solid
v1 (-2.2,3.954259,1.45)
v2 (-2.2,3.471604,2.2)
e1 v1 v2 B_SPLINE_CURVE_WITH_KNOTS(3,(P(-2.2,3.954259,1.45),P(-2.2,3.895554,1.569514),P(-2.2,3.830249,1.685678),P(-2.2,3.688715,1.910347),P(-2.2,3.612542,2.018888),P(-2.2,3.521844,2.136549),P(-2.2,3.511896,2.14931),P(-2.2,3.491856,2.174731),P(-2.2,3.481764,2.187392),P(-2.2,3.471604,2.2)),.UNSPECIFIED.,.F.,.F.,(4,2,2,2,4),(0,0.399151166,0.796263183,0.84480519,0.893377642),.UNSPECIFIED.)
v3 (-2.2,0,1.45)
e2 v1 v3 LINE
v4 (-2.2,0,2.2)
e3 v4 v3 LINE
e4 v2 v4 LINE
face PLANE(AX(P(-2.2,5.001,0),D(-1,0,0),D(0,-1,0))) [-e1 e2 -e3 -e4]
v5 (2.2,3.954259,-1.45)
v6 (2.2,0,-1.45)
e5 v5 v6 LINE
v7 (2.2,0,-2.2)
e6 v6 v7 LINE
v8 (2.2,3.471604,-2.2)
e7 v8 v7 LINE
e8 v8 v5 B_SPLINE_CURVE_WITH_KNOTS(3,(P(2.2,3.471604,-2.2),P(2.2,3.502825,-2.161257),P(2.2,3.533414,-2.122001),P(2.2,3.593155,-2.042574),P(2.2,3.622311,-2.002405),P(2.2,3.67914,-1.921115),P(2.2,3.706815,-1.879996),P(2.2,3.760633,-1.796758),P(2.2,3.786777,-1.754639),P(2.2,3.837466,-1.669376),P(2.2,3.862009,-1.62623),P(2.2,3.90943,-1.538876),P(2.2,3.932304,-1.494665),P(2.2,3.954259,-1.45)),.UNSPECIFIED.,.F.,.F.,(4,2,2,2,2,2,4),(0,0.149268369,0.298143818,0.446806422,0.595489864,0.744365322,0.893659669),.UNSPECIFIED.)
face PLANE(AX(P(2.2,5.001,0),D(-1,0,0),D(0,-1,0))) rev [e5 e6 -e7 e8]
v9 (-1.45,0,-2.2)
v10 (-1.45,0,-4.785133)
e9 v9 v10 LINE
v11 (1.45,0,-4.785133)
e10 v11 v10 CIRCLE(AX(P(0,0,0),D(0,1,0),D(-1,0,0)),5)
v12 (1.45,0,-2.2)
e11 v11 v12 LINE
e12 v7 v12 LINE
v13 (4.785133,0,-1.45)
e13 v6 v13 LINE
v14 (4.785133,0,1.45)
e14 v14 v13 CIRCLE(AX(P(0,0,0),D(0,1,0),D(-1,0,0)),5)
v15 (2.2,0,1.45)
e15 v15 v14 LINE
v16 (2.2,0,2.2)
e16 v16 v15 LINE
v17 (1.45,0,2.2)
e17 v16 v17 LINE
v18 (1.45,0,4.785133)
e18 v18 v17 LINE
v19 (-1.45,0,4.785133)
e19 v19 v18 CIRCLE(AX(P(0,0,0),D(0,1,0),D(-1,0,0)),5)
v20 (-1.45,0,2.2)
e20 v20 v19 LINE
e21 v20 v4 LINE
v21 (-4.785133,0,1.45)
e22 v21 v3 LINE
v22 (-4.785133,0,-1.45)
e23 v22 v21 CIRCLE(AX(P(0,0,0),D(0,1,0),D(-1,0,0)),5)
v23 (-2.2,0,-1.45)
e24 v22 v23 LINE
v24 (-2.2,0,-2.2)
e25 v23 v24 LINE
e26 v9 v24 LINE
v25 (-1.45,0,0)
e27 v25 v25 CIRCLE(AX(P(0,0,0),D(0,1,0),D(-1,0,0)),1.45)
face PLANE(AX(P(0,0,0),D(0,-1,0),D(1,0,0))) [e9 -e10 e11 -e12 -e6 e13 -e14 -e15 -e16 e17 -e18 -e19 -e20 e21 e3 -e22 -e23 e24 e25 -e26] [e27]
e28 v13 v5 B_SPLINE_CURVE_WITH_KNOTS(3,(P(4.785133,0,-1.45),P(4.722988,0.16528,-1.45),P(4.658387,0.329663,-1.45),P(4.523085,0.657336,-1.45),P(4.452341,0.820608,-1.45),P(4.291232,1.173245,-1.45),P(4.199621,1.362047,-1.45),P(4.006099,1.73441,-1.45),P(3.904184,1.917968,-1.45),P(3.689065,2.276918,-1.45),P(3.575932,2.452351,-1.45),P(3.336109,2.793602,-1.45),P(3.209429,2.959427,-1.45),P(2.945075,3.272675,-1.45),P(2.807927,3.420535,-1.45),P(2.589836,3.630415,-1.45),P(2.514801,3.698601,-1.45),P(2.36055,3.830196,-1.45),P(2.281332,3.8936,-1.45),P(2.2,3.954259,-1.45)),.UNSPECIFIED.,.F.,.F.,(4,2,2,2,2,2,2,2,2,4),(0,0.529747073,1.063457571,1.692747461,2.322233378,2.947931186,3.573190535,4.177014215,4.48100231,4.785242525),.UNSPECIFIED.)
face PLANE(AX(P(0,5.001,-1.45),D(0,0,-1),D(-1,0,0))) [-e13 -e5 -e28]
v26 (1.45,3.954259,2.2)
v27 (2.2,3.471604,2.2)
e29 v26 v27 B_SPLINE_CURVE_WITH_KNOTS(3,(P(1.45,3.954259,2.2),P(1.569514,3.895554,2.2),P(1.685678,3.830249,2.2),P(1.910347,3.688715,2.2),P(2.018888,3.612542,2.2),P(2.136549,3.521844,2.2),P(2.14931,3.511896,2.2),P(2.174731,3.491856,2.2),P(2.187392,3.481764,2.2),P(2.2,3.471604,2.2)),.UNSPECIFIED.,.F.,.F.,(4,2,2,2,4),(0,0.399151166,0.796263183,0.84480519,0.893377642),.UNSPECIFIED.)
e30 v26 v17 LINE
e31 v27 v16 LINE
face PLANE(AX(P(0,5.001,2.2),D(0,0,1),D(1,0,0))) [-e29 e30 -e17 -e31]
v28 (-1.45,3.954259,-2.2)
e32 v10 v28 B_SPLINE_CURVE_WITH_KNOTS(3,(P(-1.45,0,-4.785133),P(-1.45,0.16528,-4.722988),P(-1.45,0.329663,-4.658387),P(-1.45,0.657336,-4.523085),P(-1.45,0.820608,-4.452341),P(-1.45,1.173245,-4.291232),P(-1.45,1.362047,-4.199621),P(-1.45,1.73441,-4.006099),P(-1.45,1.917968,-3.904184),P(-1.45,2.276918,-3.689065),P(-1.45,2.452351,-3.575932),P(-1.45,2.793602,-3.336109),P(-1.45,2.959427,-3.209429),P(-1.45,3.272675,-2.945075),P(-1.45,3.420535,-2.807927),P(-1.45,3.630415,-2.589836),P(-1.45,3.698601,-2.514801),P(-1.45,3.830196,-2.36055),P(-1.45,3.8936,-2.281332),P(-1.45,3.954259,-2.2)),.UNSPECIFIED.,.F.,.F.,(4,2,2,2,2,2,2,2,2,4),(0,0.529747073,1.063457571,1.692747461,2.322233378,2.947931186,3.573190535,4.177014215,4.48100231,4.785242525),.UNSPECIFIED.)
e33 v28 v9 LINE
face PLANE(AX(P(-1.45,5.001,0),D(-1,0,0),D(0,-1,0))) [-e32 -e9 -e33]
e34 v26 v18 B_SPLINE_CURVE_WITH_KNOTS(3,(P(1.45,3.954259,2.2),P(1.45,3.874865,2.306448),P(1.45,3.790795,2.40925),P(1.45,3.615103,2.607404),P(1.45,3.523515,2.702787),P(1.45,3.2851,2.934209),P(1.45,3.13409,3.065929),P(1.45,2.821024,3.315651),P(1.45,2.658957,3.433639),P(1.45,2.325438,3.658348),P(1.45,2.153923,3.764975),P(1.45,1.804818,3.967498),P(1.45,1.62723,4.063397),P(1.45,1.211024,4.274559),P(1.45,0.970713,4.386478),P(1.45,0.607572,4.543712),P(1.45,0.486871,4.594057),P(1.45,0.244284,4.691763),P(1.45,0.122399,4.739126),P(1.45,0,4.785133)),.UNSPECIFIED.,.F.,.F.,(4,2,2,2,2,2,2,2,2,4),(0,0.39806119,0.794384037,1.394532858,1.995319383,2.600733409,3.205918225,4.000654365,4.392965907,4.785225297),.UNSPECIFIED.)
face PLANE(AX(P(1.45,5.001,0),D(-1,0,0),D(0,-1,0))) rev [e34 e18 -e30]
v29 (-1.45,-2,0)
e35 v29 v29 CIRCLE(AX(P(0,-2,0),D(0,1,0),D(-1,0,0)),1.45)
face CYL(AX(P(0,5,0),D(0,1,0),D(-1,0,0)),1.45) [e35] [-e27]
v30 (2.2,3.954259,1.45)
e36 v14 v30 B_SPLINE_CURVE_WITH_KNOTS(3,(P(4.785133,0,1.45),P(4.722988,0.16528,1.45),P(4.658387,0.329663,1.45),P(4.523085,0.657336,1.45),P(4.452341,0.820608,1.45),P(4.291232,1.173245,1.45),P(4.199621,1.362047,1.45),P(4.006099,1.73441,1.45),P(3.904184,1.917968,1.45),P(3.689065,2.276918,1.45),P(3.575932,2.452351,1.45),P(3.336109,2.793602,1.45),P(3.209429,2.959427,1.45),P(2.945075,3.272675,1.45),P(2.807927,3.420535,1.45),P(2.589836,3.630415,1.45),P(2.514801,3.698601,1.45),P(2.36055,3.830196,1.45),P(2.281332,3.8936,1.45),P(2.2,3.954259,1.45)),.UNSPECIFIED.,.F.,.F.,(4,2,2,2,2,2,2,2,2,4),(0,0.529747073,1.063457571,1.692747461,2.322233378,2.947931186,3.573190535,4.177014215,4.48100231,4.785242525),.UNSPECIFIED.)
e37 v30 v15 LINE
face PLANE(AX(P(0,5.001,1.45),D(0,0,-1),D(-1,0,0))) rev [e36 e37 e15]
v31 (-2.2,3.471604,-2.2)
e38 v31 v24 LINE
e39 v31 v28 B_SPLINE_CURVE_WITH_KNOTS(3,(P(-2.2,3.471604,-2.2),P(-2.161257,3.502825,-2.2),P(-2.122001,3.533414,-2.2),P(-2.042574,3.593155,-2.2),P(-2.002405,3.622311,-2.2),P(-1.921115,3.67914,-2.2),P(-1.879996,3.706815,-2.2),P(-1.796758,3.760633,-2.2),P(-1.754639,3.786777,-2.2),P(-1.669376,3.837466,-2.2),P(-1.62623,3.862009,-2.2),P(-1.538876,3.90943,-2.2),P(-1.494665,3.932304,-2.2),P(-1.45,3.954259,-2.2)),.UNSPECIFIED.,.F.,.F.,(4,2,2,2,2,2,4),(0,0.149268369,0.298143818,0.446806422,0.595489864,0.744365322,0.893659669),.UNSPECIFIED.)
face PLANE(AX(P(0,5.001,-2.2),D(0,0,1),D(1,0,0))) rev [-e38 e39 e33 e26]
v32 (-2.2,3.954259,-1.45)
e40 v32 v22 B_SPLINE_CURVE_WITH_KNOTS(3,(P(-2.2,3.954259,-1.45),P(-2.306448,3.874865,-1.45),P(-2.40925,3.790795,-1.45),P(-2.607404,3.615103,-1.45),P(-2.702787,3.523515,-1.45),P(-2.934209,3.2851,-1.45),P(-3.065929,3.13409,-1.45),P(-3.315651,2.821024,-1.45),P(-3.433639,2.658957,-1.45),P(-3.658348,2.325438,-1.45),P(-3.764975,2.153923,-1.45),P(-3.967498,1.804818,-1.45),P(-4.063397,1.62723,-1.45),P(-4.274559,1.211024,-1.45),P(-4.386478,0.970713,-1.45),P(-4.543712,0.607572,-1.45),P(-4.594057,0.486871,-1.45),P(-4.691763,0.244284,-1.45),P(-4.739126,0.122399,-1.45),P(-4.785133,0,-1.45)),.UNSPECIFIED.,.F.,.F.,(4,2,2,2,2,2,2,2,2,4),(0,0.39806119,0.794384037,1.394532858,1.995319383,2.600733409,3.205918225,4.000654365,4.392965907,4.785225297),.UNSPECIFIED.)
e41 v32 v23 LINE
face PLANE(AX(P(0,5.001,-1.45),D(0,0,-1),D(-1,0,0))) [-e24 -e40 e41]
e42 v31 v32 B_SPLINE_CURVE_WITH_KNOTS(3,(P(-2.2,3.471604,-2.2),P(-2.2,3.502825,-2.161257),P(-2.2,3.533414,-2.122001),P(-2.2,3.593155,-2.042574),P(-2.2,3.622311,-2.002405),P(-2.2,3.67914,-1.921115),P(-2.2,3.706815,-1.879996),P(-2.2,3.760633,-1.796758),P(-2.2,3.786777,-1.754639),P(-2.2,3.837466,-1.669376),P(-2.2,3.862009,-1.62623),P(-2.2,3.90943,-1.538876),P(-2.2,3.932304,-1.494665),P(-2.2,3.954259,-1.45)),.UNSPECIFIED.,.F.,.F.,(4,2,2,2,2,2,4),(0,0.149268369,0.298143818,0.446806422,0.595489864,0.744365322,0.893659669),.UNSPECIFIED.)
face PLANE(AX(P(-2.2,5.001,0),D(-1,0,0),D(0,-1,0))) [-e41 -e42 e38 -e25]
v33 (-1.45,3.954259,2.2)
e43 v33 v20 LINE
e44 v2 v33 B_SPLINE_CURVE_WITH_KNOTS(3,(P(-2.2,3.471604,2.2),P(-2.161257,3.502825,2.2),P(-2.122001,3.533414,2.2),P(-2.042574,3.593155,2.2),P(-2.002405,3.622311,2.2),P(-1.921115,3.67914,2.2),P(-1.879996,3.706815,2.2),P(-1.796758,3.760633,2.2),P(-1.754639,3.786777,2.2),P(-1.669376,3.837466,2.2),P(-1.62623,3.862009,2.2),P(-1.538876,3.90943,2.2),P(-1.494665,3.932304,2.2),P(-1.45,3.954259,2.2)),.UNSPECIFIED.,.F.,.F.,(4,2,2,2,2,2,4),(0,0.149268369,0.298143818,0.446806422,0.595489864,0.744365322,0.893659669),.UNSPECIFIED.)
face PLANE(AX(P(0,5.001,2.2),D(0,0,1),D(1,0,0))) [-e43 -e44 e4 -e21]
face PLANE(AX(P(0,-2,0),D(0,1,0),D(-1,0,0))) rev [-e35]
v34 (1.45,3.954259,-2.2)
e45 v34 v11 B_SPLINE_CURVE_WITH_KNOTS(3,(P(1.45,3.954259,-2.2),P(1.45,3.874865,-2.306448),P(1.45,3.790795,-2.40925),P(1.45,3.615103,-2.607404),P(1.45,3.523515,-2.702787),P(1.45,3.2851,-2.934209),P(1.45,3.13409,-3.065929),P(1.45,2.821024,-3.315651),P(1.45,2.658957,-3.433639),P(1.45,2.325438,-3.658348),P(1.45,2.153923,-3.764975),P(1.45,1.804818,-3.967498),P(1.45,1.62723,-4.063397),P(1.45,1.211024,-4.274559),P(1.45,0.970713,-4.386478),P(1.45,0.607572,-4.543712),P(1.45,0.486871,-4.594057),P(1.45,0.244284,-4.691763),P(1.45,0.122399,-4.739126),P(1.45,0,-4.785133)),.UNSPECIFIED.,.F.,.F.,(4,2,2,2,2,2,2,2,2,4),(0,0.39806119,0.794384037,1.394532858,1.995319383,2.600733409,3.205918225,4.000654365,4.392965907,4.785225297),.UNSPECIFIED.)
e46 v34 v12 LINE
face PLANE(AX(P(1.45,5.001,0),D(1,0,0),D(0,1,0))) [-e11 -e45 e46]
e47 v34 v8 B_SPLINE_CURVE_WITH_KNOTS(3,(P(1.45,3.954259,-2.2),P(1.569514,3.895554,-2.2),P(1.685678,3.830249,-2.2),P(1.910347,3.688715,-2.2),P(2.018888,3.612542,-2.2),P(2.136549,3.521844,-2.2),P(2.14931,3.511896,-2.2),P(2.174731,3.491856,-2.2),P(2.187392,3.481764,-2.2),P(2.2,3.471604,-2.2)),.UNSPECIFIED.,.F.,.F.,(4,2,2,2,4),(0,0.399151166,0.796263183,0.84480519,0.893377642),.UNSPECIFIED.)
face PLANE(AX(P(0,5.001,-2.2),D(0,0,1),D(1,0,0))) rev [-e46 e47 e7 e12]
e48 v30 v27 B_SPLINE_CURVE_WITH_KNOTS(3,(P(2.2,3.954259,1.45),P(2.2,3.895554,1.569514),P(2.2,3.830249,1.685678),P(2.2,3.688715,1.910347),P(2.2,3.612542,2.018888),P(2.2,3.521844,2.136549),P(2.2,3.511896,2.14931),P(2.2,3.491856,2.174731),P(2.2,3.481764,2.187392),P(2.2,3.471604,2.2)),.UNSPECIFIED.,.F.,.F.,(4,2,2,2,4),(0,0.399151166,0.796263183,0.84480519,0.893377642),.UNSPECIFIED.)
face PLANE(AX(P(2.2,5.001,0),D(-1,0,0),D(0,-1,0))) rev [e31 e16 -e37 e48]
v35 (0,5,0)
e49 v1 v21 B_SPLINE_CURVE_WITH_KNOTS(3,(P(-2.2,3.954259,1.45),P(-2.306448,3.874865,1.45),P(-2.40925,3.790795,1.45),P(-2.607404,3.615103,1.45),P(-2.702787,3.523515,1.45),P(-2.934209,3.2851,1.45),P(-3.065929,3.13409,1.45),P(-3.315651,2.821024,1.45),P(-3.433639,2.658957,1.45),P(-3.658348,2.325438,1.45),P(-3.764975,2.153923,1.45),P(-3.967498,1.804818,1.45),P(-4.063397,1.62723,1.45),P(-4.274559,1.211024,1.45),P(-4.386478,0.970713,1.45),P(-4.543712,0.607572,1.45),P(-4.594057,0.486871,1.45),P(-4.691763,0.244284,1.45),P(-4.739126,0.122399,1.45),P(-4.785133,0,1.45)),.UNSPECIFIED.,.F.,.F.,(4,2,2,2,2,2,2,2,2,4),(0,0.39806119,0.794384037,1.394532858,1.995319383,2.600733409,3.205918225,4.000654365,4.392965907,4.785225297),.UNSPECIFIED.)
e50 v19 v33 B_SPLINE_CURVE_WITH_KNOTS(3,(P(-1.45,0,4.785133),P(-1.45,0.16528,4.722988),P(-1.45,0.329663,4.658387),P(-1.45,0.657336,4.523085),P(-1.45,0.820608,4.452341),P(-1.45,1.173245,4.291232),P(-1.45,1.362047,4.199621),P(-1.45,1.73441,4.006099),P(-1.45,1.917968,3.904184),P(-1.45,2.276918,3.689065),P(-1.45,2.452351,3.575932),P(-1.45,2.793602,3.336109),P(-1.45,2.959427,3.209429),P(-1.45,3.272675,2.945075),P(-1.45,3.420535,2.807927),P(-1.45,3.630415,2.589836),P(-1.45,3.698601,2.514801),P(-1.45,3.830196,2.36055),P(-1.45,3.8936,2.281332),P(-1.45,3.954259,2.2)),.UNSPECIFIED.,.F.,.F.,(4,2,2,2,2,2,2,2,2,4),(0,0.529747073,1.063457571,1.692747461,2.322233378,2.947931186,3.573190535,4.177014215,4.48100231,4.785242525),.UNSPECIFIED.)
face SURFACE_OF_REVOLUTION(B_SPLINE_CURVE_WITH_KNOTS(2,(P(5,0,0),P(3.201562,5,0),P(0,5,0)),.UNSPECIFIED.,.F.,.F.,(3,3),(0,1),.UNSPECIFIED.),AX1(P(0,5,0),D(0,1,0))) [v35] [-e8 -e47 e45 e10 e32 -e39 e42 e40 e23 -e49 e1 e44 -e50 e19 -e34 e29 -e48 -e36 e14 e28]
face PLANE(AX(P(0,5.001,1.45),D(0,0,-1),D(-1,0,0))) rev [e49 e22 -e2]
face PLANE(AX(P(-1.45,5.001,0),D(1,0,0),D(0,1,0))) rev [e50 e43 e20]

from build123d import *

# Parameters (mm, degrees)
SKETCH3_W          = 1.45
SKETCH3_H          = 2
CUT_EXTRUDE1_REACH = 7


with BuildPart() as part:
    # Sketch3 → Revolve1 (revolve)
    with BuildSketch(Plane.XY):
        with BuildLine():
            add(Edge.make_bspline(
                [(5, 0), (3.201562119, 5), (0, 5)],
                knots=[0, 0, 0, 1, 1, 1], degree=2))
            Line((0, 5), (0, 0.5))
            Line((0, 0.5), (0, 0))
            Line((0, 0), (1.45, 0))
            Line((1.45, 0), (2.5, 0))
            Line((2.5, 0), (5, 0))
        make_face()
        with BuildLine():
            add(Edge.make_bspline(
                [(5, 0), (3.201562119, 5), (0, 5)],
                knots=[0, 0, 0, 1, 1, 1], degree=2))
            Line((0, 5), (0, 0.5))
            Line((0, 0.5), (0, 0))
            Line((0, 0), (1.45, 0))
            Line((1.45, 0), (2.5, 0))
            Line((2.5, 0), (5, 0))
        make_face()
        with Locations((0.725, -1)):
            Rectangle(SKETCH3_W, SKETCH3_H)
    revolve(axis=Axis((0, 5, 0), (0, -1, 0)))

    # Sketch5 → Cut-Extrude1 (cut, up to next)
    with BuildSketch(Plane.XZ, mode=Mode.PRIVATE) as cut_extrude1_sk1:
        with BuildLine():
            Line((-2.2, 2.2), (-1.45, 2.2))
            Line((-1.45, 2.2), (-1.45, 4.785133227))
            ThreePointArc((-1.45, 4.785133227), (-3.535533906, 3.535533906), (-4.785133227, 1.45))
            Line((-4.785133227, 1.45), (-2.2, 1.45))
            Line((-2.2, 1.45), (-2.2, 2.2))
        make_face()
    cut_extrude1_tool1 = extrude(cut_extrude1_sk1.sketch, amount=-CUT_EXTRUDE1_REACH, mode=Mode.PRIVATE) & part.part
    add(cut_extrude1_tool1.solids().sort_by_distance((-2.819915, 0, 2.819915))[0], mode=Mode.SUBTRACT)
    # Sketch5 → Cut-Extrude1 (cut, up to next)
    with BuildSketch(Plane.XZ, mode=Mode.PRIVATE) as cut_extrude1_sk2:
        with BuildLine():
            Line((1.45, 2.2), (2.2, 2.2))
            Line((2.2, 2.2), (2.2, 1.45))
            Line((2.2, 1.45), (4.785133227, 1.45))
            ThreePointArc((4.785133227, 1.45), (3.535533906, 3.535533906), (1.45, 4.785133227))
            Line((1.45, 4.785133227), (1.45, 2.2))
        make_face()
    cut_extrude1_tool2 = extrude(cut_extrude1_sk2.sketch, amount=-CUT_EXTRUDE1_REACH, mode=Mode.PRIVATE) & part.part
    add(cut_extrude1_tool2.solids().sort_by_distance((2.819915, 0, 2.819915))[0], mode=Mode.SUBTRACT)
    # Sketch5 → Cut-Extrude1 (cut, up to next)
    with BuildSketch(Plane.XZ, mode=Mode.PRIVATE) as cut_extrude1_sk3:
        with BuildLine():
            Line((4.785133227, -1.45), (2.2, -1.45))
            Line((2.2, -1.45), (2.2, -2.2))
            Line((2.2, -2.2), (1.45, -2.2))
            Line((1.45, -2.2), (1.45, -4.785133227))
            ThreePointArc((1.45, -4.785133227), (3.535533906, -3.535533906), (4.785133227, -1.45))
        make_face()
    cut_extrude1_tool3 = extrude(cut_extrude1_sk3.sketch, amount=-CUT_EXTRUDE1_REACH, mode=Mode.PRIVATE) & part.part
    add(cut_extrude1_tool3.solids().sort_by_distance((2.819915, 0, -2.819915))[0], mode=Mode.SUBTRACT)
    # Sketch5 → Cut-Extrude1 (cut, up to next)
    with BuildSketch(Plane.XZ, mode=Mode.PRIVATE) as cut_extrude1_sk4:
        with BuildLine():
            Line((-2.2, -2.2), (-2.2, -1.45))
            Line((-2.2, -1.45), (-4.785133227, -1.45))
            ThreePointArc((-4.785133227, -1.45), (-3.535533906, -3.535533906), (-1.45, -4.785133227))
            Line((-1.45, -4.785133227), (-1.45, -2.2))
            Line((-1.45, -2.2), (-2.2, -2.2))
        make_face()
    cut_extrude1_tool4 = extrude(cut_extrude1_sk4.sketch, amount=-CUT_EXTRUDE1_REACH, mode=Mode.PRIVATE) & part.part
    add(cut_extrude1_tool4.solids().sort_by_distance((-2.819915, 0, -2.819915))[0], mode=Mode.SUBTRACT)


solid = part.part
